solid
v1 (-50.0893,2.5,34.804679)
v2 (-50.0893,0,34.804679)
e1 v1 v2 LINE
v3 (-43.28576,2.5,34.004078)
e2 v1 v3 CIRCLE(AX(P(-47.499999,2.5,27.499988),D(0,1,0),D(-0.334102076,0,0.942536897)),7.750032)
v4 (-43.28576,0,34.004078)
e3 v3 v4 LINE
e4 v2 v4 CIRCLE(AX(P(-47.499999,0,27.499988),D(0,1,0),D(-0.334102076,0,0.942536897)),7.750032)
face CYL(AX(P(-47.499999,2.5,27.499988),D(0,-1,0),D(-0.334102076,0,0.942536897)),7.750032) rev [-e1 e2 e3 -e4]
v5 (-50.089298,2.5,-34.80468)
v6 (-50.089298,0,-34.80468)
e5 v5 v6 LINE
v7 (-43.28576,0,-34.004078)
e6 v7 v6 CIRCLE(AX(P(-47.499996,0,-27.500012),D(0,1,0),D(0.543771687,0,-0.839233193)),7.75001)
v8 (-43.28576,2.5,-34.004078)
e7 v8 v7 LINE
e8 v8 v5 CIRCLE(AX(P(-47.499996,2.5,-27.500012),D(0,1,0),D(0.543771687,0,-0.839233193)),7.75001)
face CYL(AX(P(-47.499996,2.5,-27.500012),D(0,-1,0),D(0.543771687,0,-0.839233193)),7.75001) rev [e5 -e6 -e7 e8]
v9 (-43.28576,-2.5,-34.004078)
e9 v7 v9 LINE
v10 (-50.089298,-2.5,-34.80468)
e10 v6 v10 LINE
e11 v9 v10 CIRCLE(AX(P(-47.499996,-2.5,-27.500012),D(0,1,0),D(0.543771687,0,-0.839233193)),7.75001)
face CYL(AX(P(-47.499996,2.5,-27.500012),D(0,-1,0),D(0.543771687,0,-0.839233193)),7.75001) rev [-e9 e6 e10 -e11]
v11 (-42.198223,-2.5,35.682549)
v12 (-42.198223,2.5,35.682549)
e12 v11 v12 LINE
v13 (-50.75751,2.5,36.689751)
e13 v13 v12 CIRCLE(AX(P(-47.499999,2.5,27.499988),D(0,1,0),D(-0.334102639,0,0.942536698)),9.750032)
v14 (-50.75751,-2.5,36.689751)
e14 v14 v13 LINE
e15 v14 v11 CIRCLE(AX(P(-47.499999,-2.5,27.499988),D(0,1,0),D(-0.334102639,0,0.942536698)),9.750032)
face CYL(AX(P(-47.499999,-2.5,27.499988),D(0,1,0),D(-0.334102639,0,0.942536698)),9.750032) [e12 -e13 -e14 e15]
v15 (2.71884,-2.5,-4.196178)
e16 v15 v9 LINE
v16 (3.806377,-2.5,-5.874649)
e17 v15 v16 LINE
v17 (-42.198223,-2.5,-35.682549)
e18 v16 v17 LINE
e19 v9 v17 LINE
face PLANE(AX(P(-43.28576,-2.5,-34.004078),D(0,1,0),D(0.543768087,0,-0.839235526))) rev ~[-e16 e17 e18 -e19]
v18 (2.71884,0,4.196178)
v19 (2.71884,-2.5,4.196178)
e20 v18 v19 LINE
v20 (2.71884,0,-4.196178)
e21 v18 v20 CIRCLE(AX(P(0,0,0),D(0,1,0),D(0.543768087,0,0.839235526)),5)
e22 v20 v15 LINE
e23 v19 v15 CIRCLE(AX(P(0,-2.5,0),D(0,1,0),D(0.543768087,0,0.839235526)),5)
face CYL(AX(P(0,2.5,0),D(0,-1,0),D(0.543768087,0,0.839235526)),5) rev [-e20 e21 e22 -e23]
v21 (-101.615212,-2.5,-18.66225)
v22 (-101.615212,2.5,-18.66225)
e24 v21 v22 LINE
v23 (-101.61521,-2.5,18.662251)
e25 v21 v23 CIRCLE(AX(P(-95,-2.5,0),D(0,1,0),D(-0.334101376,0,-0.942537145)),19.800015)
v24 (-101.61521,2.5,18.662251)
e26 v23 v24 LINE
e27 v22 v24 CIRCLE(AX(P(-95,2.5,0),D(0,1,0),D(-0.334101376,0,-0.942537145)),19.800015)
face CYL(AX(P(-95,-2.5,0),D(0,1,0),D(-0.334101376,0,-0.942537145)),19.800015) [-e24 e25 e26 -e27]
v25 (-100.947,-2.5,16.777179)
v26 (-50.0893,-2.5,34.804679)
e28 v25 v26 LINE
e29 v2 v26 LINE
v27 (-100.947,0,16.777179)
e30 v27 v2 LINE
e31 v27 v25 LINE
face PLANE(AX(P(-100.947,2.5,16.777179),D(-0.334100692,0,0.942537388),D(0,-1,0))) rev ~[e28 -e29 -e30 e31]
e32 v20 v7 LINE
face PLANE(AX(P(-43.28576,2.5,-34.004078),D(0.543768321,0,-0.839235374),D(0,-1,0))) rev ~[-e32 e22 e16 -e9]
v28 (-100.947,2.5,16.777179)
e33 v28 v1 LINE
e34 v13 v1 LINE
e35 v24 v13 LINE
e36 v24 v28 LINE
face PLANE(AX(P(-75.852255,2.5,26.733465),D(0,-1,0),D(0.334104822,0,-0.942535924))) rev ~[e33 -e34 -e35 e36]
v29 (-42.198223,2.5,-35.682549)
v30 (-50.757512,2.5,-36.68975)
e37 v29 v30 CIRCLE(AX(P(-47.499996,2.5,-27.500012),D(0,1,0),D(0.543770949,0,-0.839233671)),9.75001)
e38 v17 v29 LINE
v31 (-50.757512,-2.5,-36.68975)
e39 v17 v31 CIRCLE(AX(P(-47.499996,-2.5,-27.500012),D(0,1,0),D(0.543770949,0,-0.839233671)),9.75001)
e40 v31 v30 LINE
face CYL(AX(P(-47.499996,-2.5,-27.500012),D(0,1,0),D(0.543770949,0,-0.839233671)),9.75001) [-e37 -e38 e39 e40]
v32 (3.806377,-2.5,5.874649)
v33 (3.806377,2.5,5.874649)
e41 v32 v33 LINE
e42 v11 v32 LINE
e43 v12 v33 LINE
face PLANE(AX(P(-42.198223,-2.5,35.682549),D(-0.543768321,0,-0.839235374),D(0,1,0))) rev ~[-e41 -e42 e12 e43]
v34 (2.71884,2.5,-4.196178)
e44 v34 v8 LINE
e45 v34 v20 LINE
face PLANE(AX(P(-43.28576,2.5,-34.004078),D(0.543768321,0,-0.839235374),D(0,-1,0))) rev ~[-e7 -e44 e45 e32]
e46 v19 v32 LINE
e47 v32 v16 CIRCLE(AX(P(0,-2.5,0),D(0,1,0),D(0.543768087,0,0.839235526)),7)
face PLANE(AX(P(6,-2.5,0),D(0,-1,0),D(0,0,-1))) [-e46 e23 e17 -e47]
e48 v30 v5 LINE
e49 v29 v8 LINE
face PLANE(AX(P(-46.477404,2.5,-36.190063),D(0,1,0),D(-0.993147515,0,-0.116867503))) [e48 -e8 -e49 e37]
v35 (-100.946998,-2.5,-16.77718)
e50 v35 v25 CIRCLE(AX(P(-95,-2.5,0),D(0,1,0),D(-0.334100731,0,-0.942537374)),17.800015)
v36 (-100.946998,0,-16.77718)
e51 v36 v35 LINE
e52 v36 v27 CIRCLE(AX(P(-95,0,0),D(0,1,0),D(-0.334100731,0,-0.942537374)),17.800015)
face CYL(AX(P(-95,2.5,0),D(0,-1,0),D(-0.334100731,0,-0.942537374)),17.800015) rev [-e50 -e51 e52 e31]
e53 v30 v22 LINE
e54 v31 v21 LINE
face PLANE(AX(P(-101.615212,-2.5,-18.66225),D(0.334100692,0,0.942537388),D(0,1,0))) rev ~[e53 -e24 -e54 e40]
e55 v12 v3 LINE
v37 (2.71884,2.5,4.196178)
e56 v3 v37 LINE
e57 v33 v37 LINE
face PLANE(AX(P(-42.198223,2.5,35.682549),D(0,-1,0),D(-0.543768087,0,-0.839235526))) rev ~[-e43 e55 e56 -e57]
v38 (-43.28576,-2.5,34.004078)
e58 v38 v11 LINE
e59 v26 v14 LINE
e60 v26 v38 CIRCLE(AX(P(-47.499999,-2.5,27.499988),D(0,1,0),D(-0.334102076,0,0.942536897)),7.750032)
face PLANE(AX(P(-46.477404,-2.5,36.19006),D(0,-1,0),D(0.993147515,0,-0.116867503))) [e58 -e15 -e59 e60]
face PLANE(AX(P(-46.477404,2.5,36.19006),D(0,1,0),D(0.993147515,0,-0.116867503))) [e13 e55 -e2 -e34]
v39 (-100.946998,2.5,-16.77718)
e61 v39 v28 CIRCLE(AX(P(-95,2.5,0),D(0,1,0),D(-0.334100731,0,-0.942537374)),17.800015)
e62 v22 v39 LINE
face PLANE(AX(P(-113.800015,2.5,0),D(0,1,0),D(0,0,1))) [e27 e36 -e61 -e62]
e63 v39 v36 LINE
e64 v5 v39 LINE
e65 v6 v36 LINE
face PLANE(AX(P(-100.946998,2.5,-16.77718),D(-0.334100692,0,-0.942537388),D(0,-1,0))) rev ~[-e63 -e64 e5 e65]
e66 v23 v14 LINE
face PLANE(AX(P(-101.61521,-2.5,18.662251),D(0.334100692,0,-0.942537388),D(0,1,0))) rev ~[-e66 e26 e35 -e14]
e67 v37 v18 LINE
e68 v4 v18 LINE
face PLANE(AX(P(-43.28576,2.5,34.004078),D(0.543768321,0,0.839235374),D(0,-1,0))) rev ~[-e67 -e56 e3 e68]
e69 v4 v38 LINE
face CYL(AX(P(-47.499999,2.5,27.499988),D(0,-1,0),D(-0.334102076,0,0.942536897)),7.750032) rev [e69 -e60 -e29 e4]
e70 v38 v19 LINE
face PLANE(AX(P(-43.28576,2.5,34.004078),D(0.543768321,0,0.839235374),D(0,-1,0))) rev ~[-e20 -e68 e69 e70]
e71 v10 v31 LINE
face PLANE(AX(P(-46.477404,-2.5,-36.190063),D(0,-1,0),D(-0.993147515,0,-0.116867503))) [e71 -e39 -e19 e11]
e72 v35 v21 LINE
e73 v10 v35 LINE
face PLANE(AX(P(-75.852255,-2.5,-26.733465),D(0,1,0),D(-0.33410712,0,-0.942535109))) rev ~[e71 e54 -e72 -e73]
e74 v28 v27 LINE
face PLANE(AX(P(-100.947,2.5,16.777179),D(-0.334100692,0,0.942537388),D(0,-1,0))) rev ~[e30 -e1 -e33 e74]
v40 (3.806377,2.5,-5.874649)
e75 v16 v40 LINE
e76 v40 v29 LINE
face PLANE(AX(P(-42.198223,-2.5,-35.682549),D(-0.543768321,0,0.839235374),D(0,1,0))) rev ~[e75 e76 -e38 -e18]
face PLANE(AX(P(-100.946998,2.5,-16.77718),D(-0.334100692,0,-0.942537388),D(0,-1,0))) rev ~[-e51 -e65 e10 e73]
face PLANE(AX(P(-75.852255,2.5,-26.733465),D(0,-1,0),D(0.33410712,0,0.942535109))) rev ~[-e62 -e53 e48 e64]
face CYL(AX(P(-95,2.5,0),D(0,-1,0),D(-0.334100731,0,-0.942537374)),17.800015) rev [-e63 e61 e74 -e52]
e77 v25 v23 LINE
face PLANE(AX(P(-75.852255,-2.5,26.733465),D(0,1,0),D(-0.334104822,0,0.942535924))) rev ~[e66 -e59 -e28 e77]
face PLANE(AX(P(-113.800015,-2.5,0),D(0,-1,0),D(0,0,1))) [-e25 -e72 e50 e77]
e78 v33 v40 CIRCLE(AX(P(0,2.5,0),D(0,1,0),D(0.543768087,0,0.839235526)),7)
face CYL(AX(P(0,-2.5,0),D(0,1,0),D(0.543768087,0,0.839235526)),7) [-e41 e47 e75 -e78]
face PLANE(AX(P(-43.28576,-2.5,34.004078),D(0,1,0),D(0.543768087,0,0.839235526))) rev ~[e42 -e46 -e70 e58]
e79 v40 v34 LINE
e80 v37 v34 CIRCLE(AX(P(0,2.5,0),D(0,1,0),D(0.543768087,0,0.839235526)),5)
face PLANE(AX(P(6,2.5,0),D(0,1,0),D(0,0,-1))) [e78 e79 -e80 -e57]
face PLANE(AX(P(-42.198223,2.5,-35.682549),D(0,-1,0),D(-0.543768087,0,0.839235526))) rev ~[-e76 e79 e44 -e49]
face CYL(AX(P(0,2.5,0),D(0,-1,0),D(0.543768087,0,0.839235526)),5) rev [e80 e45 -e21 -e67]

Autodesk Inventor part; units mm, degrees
ref_plane "YZ Plane" through (0, 0, 0) normal (1, 0, 0) x (0, 1, 0)
ref_plane "XZ Plane" through (0, 0, 0) normal (0, 1, 0) x (-1, 0, 0)
ref_plane "XY Plane" through (0, 0, 0) normal (0, 0, 1) x (1, 0, 0)
sketch "Sketch1" plane through (0, 0, 0) normal (0, 1, 0) x (-1, 0, 0)
  arc A0 (-3.2626, 5.0354) -> (-3.2626, -5.0354) centre (0, 0) ccw
  line L0 (0, 0) -> (47.5, 0) construction
  line L1 (47.5, 0) -> (47.5, -27.5) construction
  line L2 (47.5, 0) -> (47.5, 27.5) construction
  arc A1 (42.742, -34.8433) -> (50.4234, -35.7472) centre (47.5, -27.5) ccw
  arc A2 (50.4234, 35.7472) -> (42.742, 34.8433) centre (47.5, 27.5) ccw
  line L3 (47.5, 0) -> (95, 0) construction
  arc A3 (101.2811, -17.7197) -> (101.2811, 17.7197) centre (95, 0) ccw
  line L4 (101.2811, 17.7197) -> (50.4234, 35.7472)
  line L5 (101.2811, -17.7197) -> (50.4234, -35.7472)
  line L6 (42.742, -34.8433) -> (-3.2626, -5.0354)
  line L7 (42.742, 34.8433) -> (-3.2626, 5.0354)
  dimension "d0" = 12
  dimension "d1" = 47.5
  dimension "d2" = 27.5
  dimension "d3" = 27.5
  dimension "d4" = 17.5
  dimension "d5" = 17.5
  dimension "d6" = 47.5
  dimension "d7" = 37.6
sketch "Sketch2" plane through (0, 0, 0) normal (0, 0, 1) x (1, 0, 0)
  line L0 (0, 0) -> (6, 0)
  line L1 (5, 2.5) -> (5, -2.5)
  line L2 (5, -2.5) -> (7, -2.5)
  line L3 (7, -2.5) -> (7, 2.5)
  line L4 (7, 2.5) -> (5, 2.5)
  line L5 (5, 2.5) -> (7, -2.5) construction
  line L6 (5, -2.5) -> (7, 2.5) construction
  dimension "d8" = 6
  dimension "d9" = 2
  dimension "d10" = 5
sweep "Sweep1" add profiles "Sketch2" path "Sketch1"
properties part number "GT2_TimingBelt Base" material "Rubber"
